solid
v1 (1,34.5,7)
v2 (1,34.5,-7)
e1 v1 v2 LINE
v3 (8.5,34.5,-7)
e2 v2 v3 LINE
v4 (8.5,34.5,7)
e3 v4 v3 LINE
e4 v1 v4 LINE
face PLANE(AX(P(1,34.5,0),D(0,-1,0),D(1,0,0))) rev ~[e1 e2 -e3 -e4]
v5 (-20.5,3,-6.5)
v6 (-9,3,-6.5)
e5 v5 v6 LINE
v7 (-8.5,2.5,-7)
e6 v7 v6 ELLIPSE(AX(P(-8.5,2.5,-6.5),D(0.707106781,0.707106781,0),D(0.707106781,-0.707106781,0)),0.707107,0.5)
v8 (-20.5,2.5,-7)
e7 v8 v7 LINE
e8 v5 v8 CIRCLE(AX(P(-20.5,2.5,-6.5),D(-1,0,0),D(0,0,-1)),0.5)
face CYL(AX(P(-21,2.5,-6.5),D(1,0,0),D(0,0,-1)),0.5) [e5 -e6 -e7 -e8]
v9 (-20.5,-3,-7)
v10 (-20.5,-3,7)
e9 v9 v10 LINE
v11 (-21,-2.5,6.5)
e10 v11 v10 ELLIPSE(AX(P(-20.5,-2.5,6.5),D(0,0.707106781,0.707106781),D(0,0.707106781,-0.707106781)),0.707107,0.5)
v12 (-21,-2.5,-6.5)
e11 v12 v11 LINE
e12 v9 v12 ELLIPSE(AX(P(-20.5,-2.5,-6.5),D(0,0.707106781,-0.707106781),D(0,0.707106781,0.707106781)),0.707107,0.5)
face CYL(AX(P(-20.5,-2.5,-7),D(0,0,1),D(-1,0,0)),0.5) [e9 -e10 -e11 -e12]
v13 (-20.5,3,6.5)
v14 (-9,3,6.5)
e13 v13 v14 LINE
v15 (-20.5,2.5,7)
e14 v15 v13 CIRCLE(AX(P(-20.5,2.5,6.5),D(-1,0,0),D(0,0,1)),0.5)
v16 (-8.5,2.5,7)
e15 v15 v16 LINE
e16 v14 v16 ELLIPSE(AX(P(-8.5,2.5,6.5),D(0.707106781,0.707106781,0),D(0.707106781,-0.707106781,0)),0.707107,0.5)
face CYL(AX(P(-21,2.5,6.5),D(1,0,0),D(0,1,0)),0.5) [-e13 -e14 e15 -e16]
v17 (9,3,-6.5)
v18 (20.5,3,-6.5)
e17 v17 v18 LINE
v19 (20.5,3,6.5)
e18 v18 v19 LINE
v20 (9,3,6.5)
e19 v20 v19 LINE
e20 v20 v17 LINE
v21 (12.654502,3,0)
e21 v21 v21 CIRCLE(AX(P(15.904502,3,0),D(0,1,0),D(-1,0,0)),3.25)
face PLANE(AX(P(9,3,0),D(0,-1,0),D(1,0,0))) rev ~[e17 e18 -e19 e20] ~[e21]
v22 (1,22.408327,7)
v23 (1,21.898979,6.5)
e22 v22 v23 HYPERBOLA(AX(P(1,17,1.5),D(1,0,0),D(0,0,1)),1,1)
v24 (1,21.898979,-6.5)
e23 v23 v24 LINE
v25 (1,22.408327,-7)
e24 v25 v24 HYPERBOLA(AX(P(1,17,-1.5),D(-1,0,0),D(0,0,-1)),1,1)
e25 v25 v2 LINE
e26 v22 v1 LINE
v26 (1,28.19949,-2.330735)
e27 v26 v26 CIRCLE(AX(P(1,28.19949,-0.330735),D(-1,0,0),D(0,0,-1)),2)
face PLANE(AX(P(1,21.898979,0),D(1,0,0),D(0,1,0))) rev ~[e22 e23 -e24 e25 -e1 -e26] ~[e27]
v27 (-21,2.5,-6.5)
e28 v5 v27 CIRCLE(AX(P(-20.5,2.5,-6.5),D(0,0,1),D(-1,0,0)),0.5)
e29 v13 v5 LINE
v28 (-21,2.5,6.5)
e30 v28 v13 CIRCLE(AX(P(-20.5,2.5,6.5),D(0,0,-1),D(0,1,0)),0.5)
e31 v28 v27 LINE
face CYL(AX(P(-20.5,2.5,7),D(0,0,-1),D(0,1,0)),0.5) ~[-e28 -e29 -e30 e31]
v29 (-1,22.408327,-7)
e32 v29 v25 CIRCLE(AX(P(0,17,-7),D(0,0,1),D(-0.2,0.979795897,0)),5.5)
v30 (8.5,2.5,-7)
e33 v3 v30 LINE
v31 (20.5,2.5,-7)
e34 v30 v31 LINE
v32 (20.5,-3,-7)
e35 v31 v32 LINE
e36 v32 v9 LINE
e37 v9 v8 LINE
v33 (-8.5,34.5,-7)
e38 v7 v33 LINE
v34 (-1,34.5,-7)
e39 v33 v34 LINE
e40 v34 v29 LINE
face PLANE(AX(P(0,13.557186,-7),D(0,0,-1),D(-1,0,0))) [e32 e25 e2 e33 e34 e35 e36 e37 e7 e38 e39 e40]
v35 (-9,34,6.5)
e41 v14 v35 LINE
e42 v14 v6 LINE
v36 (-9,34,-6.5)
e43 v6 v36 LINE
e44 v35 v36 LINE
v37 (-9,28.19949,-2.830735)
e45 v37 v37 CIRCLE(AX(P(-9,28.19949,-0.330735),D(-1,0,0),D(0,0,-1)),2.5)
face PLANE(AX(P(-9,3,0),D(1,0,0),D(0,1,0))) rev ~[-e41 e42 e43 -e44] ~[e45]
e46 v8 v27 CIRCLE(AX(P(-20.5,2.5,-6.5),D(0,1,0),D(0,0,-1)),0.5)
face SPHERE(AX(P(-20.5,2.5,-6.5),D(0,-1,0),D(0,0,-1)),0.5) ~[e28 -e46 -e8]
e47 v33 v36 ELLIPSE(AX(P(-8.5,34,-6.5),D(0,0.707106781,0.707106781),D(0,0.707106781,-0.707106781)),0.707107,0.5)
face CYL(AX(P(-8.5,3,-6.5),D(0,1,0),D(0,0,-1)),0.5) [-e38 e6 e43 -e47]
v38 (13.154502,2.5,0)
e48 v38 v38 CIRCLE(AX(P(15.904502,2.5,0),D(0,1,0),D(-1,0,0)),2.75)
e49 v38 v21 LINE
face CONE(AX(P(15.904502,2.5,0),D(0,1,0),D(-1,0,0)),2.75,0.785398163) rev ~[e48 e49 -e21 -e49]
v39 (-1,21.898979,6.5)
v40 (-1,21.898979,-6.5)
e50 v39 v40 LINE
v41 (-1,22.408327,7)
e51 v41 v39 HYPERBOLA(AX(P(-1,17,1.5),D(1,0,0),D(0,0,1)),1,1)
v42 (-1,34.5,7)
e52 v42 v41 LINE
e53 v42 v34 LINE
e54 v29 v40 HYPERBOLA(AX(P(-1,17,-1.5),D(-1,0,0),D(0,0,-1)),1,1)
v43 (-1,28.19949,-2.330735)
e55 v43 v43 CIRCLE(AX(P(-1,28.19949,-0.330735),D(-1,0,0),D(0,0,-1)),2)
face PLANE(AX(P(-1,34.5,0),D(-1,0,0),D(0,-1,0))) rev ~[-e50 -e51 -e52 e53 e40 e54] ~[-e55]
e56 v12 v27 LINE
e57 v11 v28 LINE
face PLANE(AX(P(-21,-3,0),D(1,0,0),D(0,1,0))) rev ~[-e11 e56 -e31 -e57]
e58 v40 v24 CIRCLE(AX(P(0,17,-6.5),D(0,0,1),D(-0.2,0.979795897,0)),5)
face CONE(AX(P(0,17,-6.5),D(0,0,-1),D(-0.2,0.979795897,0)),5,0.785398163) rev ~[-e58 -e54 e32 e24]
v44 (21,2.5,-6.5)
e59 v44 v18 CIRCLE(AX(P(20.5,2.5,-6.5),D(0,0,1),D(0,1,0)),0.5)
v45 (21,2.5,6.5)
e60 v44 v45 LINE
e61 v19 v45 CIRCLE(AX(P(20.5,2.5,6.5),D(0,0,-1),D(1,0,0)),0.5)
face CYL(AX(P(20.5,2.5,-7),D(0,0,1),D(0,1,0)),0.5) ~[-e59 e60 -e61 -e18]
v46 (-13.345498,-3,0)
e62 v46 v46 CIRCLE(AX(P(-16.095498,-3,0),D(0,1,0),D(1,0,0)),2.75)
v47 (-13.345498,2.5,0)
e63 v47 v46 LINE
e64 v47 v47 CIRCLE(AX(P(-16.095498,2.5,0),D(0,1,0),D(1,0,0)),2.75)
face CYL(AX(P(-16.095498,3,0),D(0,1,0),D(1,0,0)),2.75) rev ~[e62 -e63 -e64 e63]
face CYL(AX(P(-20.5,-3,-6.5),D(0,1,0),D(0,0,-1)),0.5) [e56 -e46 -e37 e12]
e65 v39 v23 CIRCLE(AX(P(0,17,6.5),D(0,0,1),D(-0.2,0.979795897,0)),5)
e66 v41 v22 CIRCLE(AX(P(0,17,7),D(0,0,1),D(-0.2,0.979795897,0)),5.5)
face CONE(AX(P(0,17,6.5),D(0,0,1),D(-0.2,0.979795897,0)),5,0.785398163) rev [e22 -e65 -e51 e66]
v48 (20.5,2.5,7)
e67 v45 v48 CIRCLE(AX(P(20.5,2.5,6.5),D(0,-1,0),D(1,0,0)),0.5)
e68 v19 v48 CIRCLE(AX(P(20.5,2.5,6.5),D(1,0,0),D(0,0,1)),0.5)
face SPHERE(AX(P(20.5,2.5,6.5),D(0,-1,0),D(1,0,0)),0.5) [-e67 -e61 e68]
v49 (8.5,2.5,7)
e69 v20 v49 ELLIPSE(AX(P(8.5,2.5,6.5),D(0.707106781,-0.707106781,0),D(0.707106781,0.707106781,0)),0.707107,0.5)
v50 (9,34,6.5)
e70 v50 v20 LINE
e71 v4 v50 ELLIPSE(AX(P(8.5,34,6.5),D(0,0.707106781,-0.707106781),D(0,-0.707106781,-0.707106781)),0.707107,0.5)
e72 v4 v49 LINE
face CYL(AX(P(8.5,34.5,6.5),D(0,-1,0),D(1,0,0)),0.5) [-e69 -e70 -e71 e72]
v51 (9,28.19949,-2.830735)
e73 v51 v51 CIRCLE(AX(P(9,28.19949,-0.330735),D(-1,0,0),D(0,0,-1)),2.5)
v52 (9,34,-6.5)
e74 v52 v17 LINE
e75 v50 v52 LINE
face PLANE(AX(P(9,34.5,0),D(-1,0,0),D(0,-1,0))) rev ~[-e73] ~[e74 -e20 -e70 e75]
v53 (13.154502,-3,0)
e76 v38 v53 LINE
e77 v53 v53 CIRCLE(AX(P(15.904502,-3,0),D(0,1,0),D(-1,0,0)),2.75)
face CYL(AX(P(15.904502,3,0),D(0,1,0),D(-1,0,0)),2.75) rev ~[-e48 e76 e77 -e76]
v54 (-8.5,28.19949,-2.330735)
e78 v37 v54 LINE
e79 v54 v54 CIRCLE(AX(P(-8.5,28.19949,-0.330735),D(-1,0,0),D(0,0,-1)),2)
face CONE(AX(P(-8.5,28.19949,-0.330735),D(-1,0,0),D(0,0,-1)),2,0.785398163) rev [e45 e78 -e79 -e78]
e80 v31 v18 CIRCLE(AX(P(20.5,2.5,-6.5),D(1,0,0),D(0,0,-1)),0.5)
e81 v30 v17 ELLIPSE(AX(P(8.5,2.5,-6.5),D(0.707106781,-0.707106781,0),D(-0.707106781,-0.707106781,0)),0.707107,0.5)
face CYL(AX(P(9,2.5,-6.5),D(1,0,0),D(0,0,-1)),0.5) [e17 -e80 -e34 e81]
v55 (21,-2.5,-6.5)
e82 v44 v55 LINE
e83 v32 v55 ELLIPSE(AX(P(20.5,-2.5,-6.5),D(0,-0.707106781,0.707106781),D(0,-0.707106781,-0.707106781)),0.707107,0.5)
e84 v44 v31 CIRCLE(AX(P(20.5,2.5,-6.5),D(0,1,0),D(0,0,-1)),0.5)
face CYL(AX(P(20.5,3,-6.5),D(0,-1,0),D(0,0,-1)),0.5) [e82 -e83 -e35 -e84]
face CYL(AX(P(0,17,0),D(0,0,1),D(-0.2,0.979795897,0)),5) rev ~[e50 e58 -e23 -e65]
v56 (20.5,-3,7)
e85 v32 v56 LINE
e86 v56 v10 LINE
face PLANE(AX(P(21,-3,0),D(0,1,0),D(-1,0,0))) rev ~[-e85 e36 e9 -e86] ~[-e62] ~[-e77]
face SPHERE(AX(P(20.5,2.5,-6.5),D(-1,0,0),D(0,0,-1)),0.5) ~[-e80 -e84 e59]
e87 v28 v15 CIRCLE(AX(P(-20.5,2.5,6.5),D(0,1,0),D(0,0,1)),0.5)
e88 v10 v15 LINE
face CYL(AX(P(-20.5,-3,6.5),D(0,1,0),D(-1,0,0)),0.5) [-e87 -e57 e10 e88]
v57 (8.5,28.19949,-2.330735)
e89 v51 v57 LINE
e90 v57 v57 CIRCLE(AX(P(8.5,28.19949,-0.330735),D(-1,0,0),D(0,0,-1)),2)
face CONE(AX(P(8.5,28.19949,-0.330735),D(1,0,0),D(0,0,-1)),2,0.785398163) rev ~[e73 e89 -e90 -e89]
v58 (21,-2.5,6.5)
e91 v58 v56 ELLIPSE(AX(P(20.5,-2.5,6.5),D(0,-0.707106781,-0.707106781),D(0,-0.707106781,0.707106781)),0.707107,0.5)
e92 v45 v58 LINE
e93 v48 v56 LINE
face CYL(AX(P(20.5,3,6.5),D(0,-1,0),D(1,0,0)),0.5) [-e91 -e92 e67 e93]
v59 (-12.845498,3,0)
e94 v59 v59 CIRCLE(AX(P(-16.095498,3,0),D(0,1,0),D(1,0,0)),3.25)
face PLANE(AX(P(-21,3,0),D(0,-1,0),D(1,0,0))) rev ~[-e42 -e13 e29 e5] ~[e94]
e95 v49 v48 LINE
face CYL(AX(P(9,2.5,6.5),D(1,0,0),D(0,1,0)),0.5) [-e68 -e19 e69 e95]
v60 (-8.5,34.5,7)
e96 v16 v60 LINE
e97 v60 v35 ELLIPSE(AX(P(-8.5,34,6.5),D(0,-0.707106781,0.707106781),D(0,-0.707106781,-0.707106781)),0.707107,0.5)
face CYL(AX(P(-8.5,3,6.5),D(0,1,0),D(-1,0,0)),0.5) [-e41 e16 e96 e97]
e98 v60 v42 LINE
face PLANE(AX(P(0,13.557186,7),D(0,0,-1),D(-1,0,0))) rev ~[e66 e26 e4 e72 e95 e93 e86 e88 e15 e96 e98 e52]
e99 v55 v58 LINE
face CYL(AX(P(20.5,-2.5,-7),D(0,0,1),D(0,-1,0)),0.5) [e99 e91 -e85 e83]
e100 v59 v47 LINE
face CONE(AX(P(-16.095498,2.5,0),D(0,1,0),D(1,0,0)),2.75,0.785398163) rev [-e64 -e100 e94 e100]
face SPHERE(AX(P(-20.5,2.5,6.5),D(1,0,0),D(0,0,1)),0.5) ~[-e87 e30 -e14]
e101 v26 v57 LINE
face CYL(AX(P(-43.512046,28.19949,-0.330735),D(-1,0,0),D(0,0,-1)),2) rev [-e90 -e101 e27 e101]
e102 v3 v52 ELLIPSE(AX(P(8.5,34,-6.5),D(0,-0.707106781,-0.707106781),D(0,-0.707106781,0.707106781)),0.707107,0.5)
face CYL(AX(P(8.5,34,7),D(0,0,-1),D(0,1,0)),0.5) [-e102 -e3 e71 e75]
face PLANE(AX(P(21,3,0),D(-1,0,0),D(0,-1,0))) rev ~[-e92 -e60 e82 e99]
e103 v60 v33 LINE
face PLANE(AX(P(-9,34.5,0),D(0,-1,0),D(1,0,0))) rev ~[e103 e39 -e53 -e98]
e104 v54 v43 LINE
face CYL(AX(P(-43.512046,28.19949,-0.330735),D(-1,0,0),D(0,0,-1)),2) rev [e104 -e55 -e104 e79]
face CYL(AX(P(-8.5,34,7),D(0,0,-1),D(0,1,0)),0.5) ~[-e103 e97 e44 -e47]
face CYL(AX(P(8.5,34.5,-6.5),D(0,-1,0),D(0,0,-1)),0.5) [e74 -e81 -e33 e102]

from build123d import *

# Parameters (mm, degrees)
BOSS_EXTRUDE1_DEPTH     = 7
SKETCH2_R               = 2.75
CUT_EXTRUDE1_DEPTH      = 39.5
CUT_EXTRUDE2_DEPTH      = 42.512046444
CUT_EXTRUDE2_DEPTH_BACK = 42.512046444
SKETCH5_R               = 2
CHAMFER2_SIZE           = 0.5
FILLET2_R               = 0.5


with BuildPart() as part:
    # Sketch1 → Boss-Extrude1 (new, symmetric)
    with BuildSketch(Plane.XY):
        with BuildLine():
            Line((-21, -3), (-21, 3))
            Line((-21, 3), (-9, 3))
            Line((-9, 3), (-9, 34.5))
            Line((-9, 34.5), (-1, 34.5))
            Line((-1, 34.5), (-1, 21.898979486))
            ThreePointArc((-1, 21.898979486), (0, 12), (1, 21.898979486))
            Line((1, 21.898979486), (1, 34.5))
            Line((1, 34.5), (9, 34.5))
            Line((9, 34.5), (9, 3))
            Line((9, 3), (21, 3))
            Line((21, 3), (21, -3))
            Line((21, -3), (-21, -3))
        make_face()
    extrude(amount=BOSS_EXTRUDE1_DEPTH, both=True)

    # Sketch2 → Cut-Extrude1 (cut, through all)
    with BuildSketch(Plane(origin=(0, 3, 0), x_dir=(1, 0, 0), z_dir=(0, 1, 0))):
        with Locations(Location((15.904501915, 0, 0), (0, 0, 180))):
            Circle(SKETCH2_R)
        with Locations((-16.095498085, 0)):
            Circle(SKETCH2_R)
    extrude(amount=-CUT_EXTRUDE1_DEPTH, mode=Mode.SUBTRACT)

    # Sketch5 → Cut-Extrude2 (cut, two sides: drawn at the far end of the back side and taken through both)
    with BuildSketch(Plane(origin=(-1, 0, 0), x_dir=(0, 0, -1), z_dir=(1, 0, 0)).offset(-CUT_EXTRUDE2_DEPTH_BACK)):
        with Locations((0.330734984, 28.199489743)):
            Circle(SKETCH5_R)
    extrude(amount=CUT_EXTRUDE2_DEPTH + CUT_EXTRUDE2_DEPTH_BACK, mode=Mode.SUBTRACT)

    # Chamfer2
    chamfer2_edges = [part.edges().sort_by_distance(p)[0] for p in [
        (0, 12, -7),
        (0, 12, 7),
        (18.654501915, 3, 0),
        (-18.845498085, 3, 0),
        (-9, 28.199489743, 1.669265016),
        (9, 28.199489743, 1.669265016),
    ]]
    chamfer(chamfer2_edges, length=CHAMFER2_SIZE)

    # Fillet2
    fillet2_edges = [part.edges().sort_by_distance(p)[0] for p in [
        (-15, 3, 7),
        (9, 18.75, -7),
        (15, 3, -7),
        (-21, 0, 7),
        (21, 0, -7),
        (-21, 0, -7),
        (-15, 3, -7),
        (-9, 18.75, -7),
        (21, 0, 7),
        (9, 34.5, 0),
        (21, 3, 0),
        (21, -3, 0),
        (-21, -3, 0),
        (-21, 3, 0),
        (-9, 34.5, 0),
        (15, 3, 7),
        (9, 18.75, 7),
        (-9, 18.75, 7),
    ]]
    fillet(fillet2_edges, radius=FILLET2_R)


solid = part.part
